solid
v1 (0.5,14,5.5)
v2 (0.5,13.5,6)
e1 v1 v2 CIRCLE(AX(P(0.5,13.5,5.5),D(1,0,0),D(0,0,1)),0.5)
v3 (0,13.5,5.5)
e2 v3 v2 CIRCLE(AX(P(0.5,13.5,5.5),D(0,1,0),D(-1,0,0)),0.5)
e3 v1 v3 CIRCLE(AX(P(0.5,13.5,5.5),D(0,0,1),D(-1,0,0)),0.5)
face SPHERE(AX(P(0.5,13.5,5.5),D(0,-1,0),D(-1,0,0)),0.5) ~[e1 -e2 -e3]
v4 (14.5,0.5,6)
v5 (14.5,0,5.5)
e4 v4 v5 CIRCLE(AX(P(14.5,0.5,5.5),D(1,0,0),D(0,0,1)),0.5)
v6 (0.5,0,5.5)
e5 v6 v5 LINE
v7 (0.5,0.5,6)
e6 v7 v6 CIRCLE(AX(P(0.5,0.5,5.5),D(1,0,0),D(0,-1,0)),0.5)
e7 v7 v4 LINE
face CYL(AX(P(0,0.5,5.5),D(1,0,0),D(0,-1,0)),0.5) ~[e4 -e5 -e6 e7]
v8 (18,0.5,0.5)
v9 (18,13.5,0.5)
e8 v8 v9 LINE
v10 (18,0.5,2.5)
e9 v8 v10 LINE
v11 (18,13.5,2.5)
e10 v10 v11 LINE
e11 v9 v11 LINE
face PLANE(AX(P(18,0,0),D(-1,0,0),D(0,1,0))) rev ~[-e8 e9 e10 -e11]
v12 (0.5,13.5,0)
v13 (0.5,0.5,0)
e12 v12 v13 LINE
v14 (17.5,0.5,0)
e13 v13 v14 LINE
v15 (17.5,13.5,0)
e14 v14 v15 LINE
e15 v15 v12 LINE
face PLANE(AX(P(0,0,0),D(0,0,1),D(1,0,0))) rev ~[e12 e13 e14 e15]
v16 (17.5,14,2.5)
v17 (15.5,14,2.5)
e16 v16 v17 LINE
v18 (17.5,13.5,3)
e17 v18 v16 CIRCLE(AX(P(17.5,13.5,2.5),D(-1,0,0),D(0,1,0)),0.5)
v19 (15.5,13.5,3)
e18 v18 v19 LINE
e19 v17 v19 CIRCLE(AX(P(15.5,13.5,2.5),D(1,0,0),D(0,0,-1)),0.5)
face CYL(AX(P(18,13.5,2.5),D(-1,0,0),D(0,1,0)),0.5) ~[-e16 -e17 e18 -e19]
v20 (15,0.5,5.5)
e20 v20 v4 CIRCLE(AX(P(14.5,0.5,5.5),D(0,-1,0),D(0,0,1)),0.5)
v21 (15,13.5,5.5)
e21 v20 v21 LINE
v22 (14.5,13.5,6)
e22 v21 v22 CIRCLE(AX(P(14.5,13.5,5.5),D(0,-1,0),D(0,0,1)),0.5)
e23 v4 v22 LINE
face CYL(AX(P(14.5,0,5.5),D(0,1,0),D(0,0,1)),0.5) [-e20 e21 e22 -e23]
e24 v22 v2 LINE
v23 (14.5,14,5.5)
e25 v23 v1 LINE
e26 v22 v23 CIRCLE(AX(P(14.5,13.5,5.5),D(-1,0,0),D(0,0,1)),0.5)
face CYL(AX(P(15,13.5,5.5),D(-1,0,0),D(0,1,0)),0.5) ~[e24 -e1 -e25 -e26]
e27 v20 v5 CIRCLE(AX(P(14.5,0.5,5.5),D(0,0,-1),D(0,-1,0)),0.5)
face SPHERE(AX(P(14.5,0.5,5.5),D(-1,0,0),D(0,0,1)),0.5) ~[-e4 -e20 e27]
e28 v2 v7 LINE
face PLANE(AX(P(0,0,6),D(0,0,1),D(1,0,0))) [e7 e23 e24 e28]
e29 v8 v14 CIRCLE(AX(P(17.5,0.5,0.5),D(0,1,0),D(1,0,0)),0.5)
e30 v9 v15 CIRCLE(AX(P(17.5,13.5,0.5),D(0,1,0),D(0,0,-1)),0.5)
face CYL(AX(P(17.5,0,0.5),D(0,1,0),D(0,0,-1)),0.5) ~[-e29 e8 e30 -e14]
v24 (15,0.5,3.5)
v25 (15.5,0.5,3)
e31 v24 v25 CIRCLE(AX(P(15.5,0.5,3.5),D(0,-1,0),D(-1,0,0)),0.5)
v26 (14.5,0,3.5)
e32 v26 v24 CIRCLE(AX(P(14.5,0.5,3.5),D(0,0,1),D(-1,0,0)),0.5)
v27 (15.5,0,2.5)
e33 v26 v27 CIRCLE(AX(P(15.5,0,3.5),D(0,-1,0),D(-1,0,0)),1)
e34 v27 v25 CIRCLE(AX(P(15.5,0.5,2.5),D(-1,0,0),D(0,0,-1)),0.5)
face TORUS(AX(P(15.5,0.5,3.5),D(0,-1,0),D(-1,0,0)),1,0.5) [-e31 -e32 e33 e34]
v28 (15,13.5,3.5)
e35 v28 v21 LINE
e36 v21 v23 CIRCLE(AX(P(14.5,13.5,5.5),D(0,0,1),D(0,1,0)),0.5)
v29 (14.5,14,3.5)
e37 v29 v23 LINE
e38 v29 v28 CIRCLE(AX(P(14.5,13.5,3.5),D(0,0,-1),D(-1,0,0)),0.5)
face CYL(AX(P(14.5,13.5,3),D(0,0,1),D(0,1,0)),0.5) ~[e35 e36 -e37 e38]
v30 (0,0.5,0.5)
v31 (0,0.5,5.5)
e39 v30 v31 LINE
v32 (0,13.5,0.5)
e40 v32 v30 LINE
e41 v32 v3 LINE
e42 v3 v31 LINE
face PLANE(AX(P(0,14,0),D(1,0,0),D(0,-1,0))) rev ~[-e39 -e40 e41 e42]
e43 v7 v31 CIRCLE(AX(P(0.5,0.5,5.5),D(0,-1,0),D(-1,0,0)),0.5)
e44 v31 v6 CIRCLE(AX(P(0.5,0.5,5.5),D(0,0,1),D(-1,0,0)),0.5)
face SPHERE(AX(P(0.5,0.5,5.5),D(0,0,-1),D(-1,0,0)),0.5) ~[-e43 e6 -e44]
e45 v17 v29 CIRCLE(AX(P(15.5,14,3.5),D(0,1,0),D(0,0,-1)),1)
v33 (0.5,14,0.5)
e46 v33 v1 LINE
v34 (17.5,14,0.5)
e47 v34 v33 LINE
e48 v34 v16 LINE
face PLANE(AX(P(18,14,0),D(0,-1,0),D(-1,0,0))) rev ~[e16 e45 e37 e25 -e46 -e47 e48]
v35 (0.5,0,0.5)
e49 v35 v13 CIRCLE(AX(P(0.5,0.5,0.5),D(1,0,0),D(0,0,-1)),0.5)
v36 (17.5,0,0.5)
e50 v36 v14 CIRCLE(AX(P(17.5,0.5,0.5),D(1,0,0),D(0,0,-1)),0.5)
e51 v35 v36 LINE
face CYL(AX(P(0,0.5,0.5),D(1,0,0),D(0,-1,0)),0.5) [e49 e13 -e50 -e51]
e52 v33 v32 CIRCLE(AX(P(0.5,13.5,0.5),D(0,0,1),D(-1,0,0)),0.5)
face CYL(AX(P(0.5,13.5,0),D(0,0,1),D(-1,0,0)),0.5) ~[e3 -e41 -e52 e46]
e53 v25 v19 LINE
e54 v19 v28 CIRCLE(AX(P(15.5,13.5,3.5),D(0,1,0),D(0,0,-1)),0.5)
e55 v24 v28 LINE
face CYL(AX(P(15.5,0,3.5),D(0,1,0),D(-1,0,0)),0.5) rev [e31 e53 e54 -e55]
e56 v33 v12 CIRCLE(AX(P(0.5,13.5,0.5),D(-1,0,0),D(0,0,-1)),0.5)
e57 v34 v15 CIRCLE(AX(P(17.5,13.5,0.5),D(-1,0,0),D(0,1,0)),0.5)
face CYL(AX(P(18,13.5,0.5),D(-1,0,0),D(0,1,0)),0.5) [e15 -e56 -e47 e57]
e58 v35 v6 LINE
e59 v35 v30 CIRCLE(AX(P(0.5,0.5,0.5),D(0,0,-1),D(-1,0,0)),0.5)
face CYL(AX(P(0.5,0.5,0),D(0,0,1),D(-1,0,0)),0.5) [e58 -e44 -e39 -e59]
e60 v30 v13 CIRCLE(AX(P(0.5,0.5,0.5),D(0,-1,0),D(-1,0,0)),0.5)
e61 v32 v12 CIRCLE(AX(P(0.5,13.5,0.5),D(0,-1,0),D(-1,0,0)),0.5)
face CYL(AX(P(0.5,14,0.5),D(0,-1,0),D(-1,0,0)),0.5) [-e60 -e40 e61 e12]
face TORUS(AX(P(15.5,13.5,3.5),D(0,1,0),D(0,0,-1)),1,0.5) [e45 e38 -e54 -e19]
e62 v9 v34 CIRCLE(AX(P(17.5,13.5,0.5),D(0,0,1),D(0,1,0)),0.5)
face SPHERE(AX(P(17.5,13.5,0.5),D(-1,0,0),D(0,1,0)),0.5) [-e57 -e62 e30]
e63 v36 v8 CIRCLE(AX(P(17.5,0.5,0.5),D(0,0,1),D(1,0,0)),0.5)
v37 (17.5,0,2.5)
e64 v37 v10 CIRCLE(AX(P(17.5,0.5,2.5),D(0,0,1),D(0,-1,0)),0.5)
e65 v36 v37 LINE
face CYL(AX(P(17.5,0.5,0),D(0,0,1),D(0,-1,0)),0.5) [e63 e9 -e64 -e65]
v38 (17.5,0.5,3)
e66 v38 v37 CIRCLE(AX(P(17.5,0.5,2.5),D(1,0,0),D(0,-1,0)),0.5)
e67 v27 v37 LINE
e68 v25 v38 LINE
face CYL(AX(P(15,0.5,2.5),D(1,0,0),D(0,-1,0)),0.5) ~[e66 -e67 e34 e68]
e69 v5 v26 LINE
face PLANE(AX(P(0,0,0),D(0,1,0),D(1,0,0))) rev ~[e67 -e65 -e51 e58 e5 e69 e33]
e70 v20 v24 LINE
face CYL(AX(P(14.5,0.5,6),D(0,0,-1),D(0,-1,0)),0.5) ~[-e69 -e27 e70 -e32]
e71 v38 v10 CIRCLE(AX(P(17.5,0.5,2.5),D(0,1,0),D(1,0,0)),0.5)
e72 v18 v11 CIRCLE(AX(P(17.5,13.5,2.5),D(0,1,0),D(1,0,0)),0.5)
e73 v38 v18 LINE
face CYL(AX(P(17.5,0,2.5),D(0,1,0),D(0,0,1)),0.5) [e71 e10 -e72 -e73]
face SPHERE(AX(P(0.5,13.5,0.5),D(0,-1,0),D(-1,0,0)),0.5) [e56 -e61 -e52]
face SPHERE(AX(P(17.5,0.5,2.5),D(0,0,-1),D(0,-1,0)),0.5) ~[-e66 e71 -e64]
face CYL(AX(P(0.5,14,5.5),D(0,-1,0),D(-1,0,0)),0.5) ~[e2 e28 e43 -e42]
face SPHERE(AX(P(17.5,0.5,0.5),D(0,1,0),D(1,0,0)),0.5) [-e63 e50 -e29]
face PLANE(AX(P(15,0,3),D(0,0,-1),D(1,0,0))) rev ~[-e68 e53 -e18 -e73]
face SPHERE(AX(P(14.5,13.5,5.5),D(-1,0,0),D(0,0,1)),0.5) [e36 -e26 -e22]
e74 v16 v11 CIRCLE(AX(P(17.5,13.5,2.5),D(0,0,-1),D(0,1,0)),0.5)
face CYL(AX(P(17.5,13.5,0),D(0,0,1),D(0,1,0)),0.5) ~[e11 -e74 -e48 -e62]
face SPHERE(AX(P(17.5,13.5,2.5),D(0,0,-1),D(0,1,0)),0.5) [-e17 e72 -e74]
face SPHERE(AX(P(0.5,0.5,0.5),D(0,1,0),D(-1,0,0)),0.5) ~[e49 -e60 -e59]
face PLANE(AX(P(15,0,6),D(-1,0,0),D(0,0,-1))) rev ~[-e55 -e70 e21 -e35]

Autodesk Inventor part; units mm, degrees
ref_plane "YZ Plane" through (0, 0, 0) normal (1, 0, 0) x (0, 1, 0)
ref_plane "XZ Plane" through (0, 0, 0) normal (0, 1, 0) x (-1, 0, 0)
ref_plane "XY Plane" through (0, 0, 0) normal (0, 0, 1) x (1, 0, 0)
sketch "Sketch1" plane through (0, 0, 0) normal (0, 0, 1) x (1, 0, 0)
  line L0 (0, 0) -> (18, 0)
  line L1 (18, 0) -> (18, 14)
  line L2 (18, 14) -> (0, 14)
  line L3 (0, 14) -> (0, 0)
  dimension "d0" = 18
  dimension "d1" = 14
extrude "Extrusion1" add sketch "Sketch1" along normal blind 6
sketch "Sketch2" plane through (0, 0, 0) normal (0, -1, 0) x (1, 0, 0)
  line L0 (18, 6) -> (15, 6)
  line L1 (15, 6) -> (15, 3)
  line L2 (15, 3) -> (18, 3)
  line L3 (18, 3) -> (18, 6)
  point P0 (0, 0)
  dimension "d5" = 3
  dimension "d6" = 3
extrude "Extrusion2" cut sketch "Sketch2" against normal up to next
fillet "Fillet1" radius 0.5 18 edges at (0, 7, 0) (0, 0, 3) (0, 7, 6) (0, 14, 3) (9, 14, 0) (7.5, 14, 6) (18, 14, 1.5) (18, 7, 0) (18, 0, 1.5) (9, 0, 0) (7.5, 0, 6) (15, 7, 3) (15, 7, 6) (15, 0, 4.5) (16.5, 0, 3) (16.5, 14, 3) (18, 7, 3) (15, 14, 4.5)
properties part number "battery"
